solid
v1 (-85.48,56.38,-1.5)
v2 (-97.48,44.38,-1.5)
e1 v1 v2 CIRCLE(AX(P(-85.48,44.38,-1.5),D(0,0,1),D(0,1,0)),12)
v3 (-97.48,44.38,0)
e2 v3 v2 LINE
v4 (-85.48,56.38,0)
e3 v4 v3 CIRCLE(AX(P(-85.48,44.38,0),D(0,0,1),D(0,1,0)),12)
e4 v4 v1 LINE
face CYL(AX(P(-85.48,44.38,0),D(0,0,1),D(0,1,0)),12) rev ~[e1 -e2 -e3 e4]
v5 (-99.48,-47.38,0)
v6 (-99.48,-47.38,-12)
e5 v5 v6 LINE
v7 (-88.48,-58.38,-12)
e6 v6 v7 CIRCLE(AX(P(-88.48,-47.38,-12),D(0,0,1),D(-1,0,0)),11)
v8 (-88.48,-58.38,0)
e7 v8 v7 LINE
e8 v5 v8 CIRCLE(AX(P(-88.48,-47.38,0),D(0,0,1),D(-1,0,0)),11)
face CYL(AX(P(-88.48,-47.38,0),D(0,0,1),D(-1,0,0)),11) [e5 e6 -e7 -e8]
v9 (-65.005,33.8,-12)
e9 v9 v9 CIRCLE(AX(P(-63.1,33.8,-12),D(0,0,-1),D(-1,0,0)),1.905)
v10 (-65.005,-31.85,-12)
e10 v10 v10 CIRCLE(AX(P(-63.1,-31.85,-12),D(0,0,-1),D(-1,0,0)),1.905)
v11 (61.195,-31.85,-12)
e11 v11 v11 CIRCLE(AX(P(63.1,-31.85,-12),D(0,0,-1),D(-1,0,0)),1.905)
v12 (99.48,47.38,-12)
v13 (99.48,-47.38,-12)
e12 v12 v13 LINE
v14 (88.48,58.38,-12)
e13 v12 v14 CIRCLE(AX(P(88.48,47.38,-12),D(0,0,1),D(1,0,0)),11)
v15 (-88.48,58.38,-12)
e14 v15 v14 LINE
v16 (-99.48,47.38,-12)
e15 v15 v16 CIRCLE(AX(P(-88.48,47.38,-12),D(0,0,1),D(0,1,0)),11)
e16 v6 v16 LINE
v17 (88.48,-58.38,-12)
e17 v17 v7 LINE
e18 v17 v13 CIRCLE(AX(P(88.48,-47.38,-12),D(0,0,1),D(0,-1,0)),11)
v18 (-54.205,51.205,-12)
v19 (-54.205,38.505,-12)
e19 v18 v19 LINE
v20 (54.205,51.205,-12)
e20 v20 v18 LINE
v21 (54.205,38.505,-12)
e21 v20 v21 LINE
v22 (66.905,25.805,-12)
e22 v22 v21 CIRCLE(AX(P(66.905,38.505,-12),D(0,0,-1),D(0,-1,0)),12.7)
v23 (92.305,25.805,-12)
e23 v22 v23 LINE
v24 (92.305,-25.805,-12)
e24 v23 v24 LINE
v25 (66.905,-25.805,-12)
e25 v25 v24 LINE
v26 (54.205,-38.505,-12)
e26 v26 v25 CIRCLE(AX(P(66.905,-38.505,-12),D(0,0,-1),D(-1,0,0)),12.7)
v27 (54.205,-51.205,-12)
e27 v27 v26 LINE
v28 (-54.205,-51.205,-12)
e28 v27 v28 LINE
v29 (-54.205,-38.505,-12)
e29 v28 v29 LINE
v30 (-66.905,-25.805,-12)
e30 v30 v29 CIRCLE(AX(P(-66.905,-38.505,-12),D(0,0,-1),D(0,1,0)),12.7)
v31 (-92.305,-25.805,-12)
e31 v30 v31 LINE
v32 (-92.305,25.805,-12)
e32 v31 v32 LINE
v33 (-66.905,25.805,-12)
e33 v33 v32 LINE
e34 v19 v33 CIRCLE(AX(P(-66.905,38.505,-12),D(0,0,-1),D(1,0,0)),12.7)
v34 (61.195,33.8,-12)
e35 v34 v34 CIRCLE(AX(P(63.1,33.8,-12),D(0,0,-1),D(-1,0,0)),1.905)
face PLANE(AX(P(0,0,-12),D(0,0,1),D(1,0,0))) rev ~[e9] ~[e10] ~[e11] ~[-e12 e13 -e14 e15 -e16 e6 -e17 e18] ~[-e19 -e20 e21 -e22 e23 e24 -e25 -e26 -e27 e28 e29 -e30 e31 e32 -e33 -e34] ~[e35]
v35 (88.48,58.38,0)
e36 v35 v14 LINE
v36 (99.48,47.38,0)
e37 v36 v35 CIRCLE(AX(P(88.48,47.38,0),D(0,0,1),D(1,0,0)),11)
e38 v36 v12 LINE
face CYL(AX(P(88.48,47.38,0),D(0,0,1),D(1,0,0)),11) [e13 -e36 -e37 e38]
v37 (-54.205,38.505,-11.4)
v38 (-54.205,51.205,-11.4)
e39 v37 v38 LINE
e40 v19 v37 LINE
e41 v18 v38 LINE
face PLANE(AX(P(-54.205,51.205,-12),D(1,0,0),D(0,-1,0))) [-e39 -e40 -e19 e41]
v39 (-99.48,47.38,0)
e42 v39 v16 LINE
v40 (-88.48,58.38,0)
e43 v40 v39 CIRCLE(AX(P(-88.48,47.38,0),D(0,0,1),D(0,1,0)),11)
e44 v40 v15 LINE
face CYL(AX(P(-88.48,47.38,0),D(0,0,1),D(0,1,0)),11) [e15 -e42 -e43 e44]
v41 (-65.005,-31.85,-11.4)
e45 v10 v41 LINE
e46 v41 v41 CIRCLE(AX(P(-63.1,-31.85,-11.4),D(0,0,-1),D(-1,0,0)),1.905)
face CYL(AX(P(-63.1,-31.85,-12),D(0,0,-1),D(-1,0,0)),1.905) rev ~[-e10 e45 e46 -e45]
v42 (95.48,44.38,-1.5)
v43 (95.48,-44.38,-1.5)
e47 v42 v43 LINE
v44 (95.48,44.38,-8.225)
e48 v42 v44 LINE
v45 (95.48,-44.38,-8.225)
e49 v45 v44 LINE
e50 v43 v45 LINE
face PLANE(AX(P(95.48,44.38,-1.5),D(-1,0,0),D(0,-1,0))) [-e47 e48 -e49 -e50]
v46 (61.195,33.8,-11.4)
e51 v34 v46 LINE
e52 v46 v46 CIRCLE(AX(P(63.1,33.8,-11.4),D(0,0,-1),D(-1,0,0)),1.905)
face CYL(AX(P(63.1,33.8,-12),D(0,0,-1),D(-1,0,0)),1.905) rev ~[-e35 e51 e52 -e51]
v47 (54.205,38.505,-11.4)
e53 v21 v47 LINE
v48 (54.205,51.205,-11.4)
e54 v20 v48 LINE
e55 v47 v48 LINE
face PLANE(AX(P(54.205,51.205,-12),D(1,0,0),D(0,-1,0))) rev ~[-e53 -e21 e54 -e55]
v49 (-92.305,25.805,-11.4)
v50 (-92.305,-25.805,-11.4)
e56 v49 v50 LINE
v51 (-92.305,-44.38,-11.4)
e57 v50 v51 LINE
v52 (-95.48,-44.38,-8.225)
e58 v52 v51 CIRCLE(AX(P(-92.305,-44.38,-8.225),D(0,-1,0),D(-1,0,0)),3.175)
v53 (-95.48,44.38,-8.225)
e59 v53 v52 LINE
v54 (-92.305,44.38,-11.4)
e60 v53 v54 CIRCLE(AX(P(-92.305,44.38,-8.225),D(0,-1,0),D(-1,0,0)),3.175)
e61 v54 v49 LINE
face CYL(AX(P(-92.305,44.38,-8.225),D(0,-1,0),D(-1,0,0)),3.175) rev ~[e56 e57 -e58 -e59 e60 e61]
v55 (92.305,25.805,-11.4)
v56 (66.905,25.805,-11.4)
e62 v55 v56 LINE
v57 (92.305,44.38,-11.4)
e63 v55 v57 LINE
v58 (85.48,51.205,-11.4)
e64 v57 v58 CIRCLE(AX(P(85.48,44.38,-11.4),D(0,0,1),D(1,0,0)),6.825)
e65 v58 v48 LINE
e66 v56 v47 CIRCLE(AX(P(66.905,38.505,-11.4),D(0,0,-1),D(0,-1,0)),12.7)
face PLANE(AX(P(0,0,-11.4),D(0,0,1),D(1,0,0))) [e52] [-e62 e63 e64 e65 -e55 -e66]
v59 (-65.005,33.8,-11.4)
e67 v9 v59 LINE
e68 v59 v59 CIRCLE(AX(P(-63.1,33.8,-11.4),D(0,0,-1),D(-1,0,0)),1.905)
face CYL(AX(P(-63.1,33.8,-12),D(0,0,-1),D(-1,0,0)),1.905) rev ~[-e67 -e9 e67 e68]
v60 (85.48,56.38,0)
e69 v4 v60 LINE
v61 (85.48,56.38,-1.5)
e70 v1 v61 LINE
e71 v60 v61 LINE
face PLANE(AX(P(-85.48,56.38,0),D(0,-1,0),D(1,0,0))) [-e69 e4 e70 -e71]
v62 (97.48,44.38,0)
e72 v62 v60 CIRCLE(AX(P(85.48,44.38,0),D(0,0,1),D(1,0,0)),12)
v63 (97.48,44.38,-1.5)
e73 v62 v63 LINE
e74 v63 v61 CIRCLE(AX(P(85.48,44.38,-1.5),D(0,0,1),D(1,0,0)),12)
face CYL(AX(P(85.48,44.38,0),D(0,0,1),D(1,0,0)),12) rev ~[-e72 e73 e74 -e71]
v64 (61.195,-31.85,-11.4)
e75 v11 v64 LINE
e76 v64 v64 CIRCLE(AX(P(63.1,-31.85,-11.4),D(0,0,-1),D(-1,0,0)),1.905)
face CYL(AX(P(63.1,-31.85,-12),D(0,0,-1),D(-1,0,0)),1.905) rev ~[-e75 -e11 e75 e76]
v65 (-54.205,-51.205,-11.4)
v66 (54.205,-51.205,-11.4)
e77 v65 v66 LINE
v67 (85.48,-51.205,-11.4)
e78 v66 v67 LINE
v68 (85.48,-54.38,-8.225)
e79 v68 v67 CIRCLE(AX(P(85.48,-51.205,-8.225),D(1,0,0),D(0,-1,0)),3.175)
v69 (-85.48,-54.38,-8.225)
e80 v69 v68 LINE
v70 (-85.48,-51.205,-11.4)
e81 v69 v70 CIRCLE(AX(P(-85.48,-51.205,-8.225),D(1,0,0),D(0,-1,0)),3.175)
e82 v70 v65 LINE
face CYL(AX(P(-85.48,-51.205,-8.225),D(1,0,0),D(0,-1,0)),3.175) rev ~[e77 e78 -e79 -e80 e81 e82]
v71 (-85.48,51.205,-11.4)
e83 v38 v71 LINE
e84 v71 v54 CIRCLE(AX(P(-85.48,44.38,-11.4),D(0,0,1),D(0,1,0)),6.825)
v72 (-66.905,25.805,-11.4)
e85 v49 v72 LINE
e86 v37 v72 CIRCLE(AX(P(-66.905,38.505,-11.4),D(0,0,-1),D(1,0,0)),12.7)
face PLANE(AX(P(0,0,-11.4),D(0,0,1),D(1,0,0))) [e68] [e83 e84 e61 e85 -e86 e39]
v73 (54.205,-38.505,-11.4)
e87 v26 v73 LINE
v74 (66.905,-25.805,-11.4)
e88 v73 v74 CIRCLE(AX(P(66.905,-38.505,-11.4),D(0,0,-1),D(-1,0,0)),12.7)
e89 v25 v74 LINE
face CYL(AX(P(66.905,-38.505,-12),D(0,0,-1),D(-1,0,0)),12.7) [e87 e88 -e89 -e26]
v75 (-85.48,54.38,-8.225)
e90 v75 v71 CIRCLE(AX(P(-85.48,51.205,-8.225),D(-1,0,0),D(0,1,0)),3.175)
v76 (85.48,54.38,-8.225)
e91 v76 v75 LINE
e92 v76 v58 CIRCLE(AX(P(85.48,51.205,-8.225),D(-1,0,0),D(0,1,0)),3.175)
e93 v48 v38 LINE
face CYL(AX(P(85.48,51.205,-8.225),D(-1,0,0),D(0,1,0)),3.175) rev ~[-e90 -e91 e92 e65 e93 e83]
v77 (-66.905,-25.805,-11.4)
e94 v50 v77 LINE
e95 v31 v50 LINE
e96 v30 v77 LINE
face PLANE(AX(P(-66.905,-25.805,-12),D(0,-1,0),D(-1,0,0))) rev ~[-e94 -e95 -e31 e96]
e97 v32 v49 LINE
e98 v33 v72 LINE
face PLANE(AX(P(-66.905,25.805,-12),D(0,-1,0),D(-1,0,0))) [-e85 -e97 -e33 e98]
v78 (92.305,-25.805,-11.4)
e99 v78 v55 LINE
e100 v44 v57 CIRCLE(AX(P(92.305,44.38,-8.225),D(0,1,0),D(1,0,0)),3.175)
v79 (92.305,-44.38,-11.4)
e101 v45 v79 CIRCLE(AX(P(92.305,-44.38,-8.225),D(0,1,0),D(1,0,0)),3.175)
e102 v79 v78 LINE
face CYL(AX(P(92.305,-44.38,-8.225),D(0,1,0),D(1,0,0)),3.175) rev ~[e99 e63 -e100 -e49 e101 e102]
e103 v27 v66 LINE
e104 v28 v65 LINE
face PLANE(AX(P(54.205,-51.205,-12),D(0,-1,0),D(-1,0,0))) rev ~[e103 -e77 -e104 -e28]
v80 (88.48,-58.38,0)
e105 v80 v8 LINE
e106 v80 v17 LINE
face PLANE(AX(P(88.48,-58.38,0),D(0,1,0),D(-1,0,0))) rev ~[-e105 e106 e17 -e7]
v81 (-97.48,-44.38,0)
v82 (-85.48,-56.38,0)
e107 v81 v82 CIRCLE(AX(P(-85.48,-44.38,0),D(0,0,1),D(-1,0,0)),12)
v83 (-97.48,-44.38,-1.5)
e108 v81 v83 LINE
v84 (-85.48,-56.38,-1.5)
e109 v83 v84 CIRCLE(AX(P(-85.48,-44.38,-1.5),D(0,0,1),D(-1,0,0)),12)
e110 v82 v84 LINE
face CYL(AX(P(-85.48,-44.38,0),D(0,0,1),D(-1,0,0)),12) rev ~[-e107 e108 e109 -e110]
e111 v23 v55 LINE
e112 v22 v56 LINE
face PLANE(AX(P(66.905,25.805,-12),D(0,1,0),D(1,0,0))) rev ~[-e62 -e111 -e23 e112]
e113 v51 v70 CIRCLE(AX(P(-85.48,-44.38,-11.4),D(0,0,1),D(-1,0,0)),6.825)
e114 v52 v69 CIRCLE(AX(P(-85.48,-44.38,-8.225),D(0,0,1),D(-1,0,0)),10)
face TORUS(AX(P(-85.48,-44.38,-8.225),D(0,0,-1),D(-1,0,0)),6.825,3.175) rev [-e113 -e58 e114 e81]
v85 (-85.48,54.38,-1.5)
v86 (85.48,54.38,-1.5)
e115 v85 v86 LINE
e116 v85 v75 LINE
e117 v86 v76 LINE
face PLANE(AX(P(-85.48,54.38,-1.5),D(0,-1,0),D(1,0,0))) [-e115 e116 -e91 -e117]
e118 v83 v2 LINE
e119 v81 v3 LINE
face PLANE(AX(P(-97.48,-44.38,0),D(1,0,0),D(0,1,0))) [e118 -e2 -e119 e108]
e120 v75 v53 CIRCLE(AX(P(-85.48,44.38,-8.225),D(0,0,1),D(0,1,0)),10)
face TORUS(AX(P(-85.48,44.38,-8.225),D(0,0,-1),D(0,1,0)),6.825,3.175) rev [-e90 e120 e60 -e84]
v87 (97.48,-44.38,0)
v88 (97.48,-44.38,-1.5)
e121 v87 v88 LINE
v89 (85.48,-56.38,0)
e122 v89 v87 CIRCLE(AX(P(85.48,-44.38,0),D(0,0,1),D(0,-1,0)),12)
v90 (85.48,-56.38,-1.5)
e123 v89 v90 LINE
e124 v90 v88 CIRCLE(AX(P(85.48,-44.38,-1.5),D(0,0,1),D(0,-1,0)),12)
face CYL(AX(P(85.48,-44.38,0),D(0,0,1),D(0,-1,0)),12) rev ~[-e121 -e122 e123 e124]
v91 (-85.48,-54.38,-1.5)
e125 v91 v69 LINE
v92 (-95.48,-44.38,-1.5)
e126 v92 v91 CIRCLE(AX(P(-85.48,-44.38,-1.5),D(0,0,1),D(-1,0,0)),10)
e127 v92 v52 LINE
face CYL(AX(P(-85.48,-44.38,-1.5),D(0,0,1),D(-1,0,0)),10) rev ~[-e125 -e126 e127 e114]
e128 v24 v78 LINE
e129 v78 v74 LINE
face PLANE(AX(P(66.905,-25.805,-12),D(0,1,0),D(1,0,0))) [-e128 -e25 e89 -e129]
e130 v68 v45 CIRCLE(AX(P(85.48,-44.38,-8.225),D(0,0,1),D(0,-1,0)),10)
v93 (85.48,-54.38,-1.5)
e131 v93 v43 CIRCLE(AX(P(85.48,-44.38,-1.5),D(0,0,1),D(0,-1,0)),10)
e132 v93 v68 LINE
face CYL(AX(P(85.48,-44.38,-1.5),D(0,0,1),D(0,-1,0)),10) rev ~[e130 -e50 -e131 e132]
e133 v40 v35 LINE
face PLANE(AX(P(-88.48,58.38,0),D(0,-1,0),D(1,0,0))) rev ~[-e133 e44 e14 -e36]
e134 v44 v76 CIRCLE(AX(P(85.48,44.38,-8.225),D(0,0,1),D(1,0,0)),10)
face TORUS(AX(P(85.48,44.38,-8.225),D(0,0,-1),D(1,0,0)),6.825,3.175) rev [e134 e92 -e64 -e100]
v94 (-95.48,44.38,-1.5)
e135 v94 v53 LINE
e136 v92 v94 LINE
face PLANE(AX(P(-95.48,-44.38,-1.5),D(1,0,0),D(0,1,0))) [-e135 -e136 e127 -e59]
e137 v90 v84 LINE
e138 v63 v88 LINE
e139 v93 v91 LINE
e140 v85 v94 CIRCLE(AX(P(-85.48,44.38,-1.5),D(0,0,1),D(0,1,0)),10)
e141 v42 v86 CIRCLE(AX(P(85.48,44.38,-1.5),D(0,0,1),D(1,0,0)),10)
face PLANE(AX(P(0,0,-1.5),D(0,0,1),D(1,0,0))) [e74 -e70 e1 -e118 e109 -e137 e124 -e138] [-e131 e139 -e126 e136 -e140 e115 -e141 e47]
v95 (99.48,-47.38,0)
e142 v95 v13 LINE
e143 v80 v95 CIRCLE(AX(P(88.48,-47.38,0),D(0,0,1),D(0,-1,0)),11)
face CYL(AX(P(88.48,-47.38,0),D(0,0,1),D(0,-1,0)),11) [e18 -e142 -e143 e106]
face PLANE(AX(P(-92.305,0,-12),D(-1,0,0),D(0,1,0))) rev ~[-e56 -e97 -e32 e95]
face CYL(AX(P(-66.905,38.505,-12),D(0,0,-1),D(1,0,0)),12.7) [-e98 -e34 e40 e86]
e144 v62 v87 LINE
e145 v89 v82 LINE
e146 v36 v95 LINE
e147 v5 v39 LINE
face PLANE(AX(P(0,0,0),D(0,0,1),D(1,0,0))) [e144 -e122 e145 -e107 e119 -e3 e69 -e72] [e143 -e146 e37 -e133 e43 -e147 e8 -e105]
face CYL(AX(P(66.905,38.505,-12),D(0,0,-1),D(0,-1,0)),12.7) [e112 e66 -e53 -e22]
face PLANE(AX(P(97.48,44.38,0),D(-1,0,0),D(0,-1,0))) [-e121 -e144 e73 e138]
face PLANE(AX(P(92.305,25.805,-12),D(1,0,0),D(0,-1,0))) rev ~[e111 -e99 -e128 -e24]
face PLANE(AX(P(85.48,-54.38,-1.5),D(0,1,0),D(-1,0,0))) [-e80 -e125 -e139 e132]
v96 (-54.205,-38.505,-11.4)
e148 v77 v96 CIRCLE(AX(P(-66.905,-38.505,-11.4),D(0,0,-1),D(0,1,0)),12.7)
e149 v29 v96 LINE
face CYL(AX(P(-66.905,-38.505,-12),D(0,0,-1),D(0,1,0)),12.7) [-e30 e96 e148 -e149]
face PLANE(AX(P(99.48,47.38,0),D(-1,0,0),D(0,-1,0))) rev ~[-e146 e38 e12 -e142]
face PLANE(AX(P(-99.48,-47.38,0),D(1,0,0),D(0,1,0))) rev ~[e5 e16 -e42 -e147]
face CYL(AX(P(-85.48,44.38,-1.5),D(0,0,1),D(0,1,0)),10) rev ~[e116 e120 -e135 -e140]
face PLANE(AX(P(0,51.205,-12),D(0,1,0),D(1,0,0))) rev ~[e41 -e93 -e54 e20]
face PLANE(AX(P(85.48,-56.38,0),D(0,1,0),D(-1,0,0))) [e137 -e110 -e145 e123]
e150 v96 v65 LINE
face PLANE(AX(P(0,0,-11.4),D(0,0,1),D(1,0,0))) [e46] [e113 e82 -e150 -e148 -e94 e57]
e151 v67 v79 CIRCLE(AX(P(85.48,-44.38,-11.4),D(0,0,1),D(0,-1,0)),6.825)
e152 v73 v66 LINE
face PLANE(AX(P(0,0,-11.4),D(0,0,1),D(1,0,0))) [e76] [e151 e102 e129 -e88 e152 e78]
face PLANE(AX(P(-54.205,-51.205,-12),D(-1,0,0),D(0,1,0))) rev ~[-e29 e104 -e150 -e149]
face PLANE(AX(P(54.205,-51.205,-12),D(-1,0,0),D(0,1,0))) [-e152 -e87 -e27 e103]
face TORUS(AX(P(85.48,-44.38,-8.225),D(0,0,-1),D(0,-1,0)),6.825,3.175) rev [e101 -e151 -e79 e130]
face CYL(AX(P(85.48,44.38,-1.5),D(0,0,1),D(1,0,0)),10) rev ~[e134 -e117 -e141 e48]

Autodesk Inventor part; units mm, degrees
ref_plane "YZ Plane" through (0, 0, 0) normal (1, 0, 0) x (0, 1, 0)
ref_plane "XZ Plane" through (0, 0, 0) normal (0, 1, 0) x (-1, 0, 0)
ref_plane "XY Plane" through (0, 0, 0) normal (0, 0, 1) x (1, 0, 0)
sketch "Sketch1" plane through (0, 0, 0) normal (0, 0, 1) x (1, 0, 0)
  line L0 (77.5, 43.5) -> (77.5, -43.5) projected
  line L1 (77.5, -43.5) -> (-77.5, -43.5) projected
  line L2 (-77.5, -43.5) -> (-77.5, 43.5) projected
  line L3 (-77.5, 43.5) -> (77.5, 43.5) projected
  line L4 (85.48, 55.38) -> (-85.48, 55.38) projected
  arc A0 (-85.48, 55.38) -> (-96.48, 44.38) centre (-85.48, 44.38) ccw projected
  line L5 (-96.48, 44.38) -> (-96.48, -44.38) projected
  arc A1 (-96.48, -44.38) -> (-85.48, -55.38) centre (-85.48, -44.38) ccw projected
  line L6 (-85.48, -55.38) -> (85.48, -55.38) projected
  arc A2 (85.48, -55.38) -> (96.48, -44.38) centre (85.48, -44.38) ccw projected
  line L7 (96.48, -44.38) -> (96.48, 44.38) projected
  arc A3 (96.48, 44.38) -> (85.48, 55.38) centre (85.48, 44.38) ccw projected
  line L8 (-88.48, 58.38) -> (88.48, 58.38)
  line L9 (99.48, 47.38) -> (99.48, -47.38)
  line L10 (88.48, -58.38) -> (-88.48, -58.38)
  line L11 (-99.48, -47.38) -> (-99.48, 47.38)
  arc A4 (-88.48, 58.38) -> (-99.48, 47.38) centre (-88.48, 47.38) ccw
  arc A5 (99.48, 47.38) -> (88.48, 58.38) centre (88.48, 47.38) ccw
  arc A6 (88.48, -58.38) -> (99.48, -47.38) centre (88.48, -47.38) ccw
  arc A7 (-99.48, -47.38) -> (-88.48, -58.38) centre (-88.48, -47.38) ccw
  point P0 (0, 0)
  dimension "d0" = 3
  dimension "d1" = 3
  dimension "d2" = 3
  dimension "d3" = 3
  dimension "d4" = 11
  dimension "d5" = 11
extrude "Extrusion1" add sketch "Sketch1" against normal blind 12 contours L0 L1 L2 L3 | A3 L7 A2 L6 A1 L5 A0 L4 | L8 A5 L9 A6 L10 A7 L11 A4
sketch "Sketch2" plane through (0, 0, 0) normal (0, 0, 1) x (1, 0, 0)
  line L0 (-88.48, 58.38) -> (88.48, 58.38) projected
  arc A0 (-88.48, 58.38) -> (-99.48, 47.38) centre (-88.48, 47.38) ccw projected
  line L1 (-99.48, -47.38) -> (-99.48, 47.38) projected
  arc A1 (-99.48, -47.38) -> (-88.48, -58.38) centre (-88.48, -47.38) ccw projected
  line L2 (88.48, -58.38) -> (-88.48, -58.38) projected
  arc A2 (88.48, -58.38) -> (99.48, -47.38) centre (88.48, -47.38) ccw projected
  line L3 (99.48, 47.38) -> (99.48, -47.38) projected
  arc A3 (99.48, 47.38) -> (88.48, 58.38) centre (88.48, 47.38) ccw projected
  line L4 (77.5, 43.5) -> (77.5, -43.5) projected
  line L5 (77.5, -43.5) -> (-77.5, -43.5) projected
  line L6 (-77.5, -43.5) -> (-77.5, 43.5) projected
  line L7 (-77.5, 43.5) -> (77.5, 43.5) projected
  line L8 (85.48, 55.38) -> (-85.48, 55.38) projected
  arc A4 (-85.48, 55.38) -> (-96.48, 44.38) centre (-85.48, 44.38) ccw projected
  line L9 (-96.48, 44.38) -> (-96.48, -44.38) projected
  arc A5 (-96.48, -44.38) -> (-85.48, -55.38) centre (-85.48, -44.38) ccw projected
  line L10 (-85.48, -55.38) -> (85.48, -55.38) projected
  arc A6 (85.48, -55.38) -> (96.48, -44.38) centre (85.48, -44.38) ccw projected
  line L11 (96.48, -44.38) -> (96.48, 44.38) projected
  arc A7 (96.48, 44.38) -> (85.48, 55.38) centre (85.48, 44.38) ccw projected
  arc A8 (-85.48, 56.38) -> (-97.48, 44.38) centre (-85.48, 44.38) ccw
  line L12 (-85.48, 56.38) -> (85.48, 56.38)
  arc A9 (97.48, 44.38) -> (85.48, 56.38) centre (85.48, 44.38) ccw
  line L13 (97.48, 44.38) -> (97.48, -44.38)
  arc A10 (85.48, -56.38) -> (97.48, -44.38) centre (85.48, -44.38) ccw
  line L14 (85.48, -56.38) -> (-85.48, -56.38)
  arc A11 (-97.48, -44.38) -> (-85.48, -56.38) centre (-85.48, -44.38) ccw
  line L15 (-97.48, -44.38) -> (-97.48, 44.38)
  point P0 (0, 0)
  dimension "d8" = 1
extrude "Extrusion2" cut sketch "Sketch2" against normal blind 1.5 contours L4 L5 L6 L7 | A7 L11 A6 L10 A5 L9 A4 L8 | L12 A9 L13 A10 L14 A11 L15 A8
sketch "Sketch3" plane through (0, 0, -1.5) normal (0, 0, 1) x (1, 0, 0)
  arc A0 (-85.48, 56.38) -> (-97.48, 44.38) centre (-85.48, 44.38) ccw projected
  line L0 (-97.48, -44.38) -> (-97.48, 44.38) projected
  arc A1 (-97.48, -44.38) -> (-85.48, -56.38) centre (-85.48, -44.38) ccw projected
  line L1 (85.48, -56.38) -> (-85.48, -56.38) projected
  arc A2 (85.48, -56.38) -> (97.48, -44.38) centre (85.48, -44.38) ccw projected
  line L2 (97.48, 44.38) -> (97.48, -44.38) projected
  arc A3 (97.48, 44.38) -> (85.48, 56.38) centre (85.48, 44.38) ccw projected
  line L3 (-85.48, 56.38) -> (85.48, 56.38) projected
  arc A4 (-85.48, 54.38) -> (-95.48, 44.38) centre (-85.48, 44.38) ccw
  line L4 (-85.48, 54.38) -> (85.48, 54.38)
  arc A5 (95.48, 44.38) -> (85.48, 54.38) centre (85.48, 44.38) ccw
  line L5 (95.48, 44.38) -> (95.48, -44.38)
  arc A6 (85.48, -54.38) -> (95.48, -44.38) centre (85.48, -44.38) ccw
  line L6 (85.48, -54.38) -> (-85.48, -54.38)
  arc A7 (-95.48, -44.38) -> (-85.48, -54.38) centre (-85.48, -44.38) ccw
  line L7 (-95.48, -44.38) -> (-95.48, 44.38)
  point P0 (0, 0)
  dimension "d11" = 2
extrude "Extrusion3" cut sketch "Sketch3" against normal blind 9.9 contours L4 A5 L5 A6 L6 A7 L7 A4
fillet "Fillet1" radius 3.175 8 edges at (92.5511, 51.4511, -11.4) (95.48, 0, -11.4) (92.5511, -51.4511, -11.4) (0, -54.38, -11.4) (-92.5511, -51.4511, -11.4) (-95.48, 0, -11.4) (-92.5511, 51.4511, -11.4) (0, 54.38, -11.4)
sketch "Sketch5" plane through (0, 0, -12) normal (0, 0, -1) x (-1, 0, 0)
  arc A0 (-85.48, 51.205) -> (-92.305, 44.38) centre (-85.48, 44.38) ccw projected
  line L0 (85.48, 51.205) -> (-85.48, 51.205) projected
  arc A1 (92.305, 44.38) -> (85.48, 51.205) centre (85.48, 44.38) ccw projected
  line L1 (92.305, -44.38) -> (92.305, 44.38) projected
  arc A2 (85.48, -51.205) -> (92.305, -44.38) centre (85.48, -44.38) ccw projected
  line L2 (-85.48, -51.205) -> (85.48, -51.205) projected
  arc A3 (-92.305, -44.38) -> (-85.48, -51.205) centre (-85.48, -44.38) ccw projected
  line L3 (-92.305, 44.38) -> (-92.305, -44.38) projected
  circle A4 centre (-63.1, 33.8) radius 1.5 projected
  circle A5 centre (-63.1, -31.85) radius 1.5 projected
  circle A6 centre (63.1, -31.85) radius 1.5 projected
  circle A7 centre (63.1, 33.8) radius 1.5 projected
  circle A8 centre (-63.1, 33.8) radius 1.905
  circle A9 centre (63.1, 33.8) radius 1.905
  circle A10 centre (63.1, -31.85) radius 1.905
  circle A11 centre (-63.1, -31.85) radius 1.905
  line L4 (-54.205, 51.205) -> (-54.205, 38.505)
  line L5 (-66.905, 25.805) -> (-92.305, 25.805)
  arc A12 (-66.905, 25.805) -> (-54.205, 38.505) centre (-66.905, 38.505) ccw
  line L6 (0, 51.205) -> (0, -51.205)
  line L7 (-92.305, 0) -> (92.305, 0)
  line L8 (54.205, 51.205) -> (54.205, 38.505)
  line L9 (66.905, 25.805) -> (92.305, 25.805)
  arc A13 (54.205, 38.505) -> (66.905, 25.805) centre (66.905, 38.505) ccw
  line L10 (-54.205, -51.205) -> (-54.205, -38.505)
  line L11 (-66.905, -25.805) -> (-92.305, -25.805)
  arc A14 (-54.205, -38.505) -> (-66.905, -25.805) centre (-66.905, -38.505) ccw
  line L12 (54.205, -51.205) -> (54.205, -38.505)
  arc A15 (66.905, -25.805) -> (54.205, -38.505) centre (66.905, -38.505) ccw
  line L13 (66.905, -25.805) -> (92.305, -25.805)
  line L14 (-54.205, 51.205) -> (54.205, 51.205)
  line L15 (92.305, 25.805) -> (92.305, -25.805)
  line L16 (54.205, -51.205) -> (-54.205, -51.205)
  line L17 (-92.305, -25.805) -> (-92.305, 25.805)
  point P0 (0, 0)
  dimension "d38" = 3.81
  dimension "d39" = 3.81
  dimension "d40" = 3.81
  dimension "d41" = 3.81
  dimension "d51" = 12.7
  dimension "d52" = 25.4
  dimension "d53" = 38.1
extrude "Extrusion4" cut sketch "Sketch5" against normal through all contours L0 L6 L7 L3 L5 A12 L4 | L0 L8 A13 L9 L1 L7 L6 | L7 L6 L2 L10 A14 L11 L3 | L7 L1 L13 A15 L12 L2 L6 | A4 | A5 | A6 | A7 | A8 | A9 | A10 | A11
equation "\"d1\" = d0"
equation "\"d2\" = d0"
equation "\"d3\" = d0"
equation "\"d4\" = d5"
equation "\"d39\" = d38"
equation "\"d40\" = d38"
equation "\"d41\" = d38"
properties part number "Hub Enclosure Front"
